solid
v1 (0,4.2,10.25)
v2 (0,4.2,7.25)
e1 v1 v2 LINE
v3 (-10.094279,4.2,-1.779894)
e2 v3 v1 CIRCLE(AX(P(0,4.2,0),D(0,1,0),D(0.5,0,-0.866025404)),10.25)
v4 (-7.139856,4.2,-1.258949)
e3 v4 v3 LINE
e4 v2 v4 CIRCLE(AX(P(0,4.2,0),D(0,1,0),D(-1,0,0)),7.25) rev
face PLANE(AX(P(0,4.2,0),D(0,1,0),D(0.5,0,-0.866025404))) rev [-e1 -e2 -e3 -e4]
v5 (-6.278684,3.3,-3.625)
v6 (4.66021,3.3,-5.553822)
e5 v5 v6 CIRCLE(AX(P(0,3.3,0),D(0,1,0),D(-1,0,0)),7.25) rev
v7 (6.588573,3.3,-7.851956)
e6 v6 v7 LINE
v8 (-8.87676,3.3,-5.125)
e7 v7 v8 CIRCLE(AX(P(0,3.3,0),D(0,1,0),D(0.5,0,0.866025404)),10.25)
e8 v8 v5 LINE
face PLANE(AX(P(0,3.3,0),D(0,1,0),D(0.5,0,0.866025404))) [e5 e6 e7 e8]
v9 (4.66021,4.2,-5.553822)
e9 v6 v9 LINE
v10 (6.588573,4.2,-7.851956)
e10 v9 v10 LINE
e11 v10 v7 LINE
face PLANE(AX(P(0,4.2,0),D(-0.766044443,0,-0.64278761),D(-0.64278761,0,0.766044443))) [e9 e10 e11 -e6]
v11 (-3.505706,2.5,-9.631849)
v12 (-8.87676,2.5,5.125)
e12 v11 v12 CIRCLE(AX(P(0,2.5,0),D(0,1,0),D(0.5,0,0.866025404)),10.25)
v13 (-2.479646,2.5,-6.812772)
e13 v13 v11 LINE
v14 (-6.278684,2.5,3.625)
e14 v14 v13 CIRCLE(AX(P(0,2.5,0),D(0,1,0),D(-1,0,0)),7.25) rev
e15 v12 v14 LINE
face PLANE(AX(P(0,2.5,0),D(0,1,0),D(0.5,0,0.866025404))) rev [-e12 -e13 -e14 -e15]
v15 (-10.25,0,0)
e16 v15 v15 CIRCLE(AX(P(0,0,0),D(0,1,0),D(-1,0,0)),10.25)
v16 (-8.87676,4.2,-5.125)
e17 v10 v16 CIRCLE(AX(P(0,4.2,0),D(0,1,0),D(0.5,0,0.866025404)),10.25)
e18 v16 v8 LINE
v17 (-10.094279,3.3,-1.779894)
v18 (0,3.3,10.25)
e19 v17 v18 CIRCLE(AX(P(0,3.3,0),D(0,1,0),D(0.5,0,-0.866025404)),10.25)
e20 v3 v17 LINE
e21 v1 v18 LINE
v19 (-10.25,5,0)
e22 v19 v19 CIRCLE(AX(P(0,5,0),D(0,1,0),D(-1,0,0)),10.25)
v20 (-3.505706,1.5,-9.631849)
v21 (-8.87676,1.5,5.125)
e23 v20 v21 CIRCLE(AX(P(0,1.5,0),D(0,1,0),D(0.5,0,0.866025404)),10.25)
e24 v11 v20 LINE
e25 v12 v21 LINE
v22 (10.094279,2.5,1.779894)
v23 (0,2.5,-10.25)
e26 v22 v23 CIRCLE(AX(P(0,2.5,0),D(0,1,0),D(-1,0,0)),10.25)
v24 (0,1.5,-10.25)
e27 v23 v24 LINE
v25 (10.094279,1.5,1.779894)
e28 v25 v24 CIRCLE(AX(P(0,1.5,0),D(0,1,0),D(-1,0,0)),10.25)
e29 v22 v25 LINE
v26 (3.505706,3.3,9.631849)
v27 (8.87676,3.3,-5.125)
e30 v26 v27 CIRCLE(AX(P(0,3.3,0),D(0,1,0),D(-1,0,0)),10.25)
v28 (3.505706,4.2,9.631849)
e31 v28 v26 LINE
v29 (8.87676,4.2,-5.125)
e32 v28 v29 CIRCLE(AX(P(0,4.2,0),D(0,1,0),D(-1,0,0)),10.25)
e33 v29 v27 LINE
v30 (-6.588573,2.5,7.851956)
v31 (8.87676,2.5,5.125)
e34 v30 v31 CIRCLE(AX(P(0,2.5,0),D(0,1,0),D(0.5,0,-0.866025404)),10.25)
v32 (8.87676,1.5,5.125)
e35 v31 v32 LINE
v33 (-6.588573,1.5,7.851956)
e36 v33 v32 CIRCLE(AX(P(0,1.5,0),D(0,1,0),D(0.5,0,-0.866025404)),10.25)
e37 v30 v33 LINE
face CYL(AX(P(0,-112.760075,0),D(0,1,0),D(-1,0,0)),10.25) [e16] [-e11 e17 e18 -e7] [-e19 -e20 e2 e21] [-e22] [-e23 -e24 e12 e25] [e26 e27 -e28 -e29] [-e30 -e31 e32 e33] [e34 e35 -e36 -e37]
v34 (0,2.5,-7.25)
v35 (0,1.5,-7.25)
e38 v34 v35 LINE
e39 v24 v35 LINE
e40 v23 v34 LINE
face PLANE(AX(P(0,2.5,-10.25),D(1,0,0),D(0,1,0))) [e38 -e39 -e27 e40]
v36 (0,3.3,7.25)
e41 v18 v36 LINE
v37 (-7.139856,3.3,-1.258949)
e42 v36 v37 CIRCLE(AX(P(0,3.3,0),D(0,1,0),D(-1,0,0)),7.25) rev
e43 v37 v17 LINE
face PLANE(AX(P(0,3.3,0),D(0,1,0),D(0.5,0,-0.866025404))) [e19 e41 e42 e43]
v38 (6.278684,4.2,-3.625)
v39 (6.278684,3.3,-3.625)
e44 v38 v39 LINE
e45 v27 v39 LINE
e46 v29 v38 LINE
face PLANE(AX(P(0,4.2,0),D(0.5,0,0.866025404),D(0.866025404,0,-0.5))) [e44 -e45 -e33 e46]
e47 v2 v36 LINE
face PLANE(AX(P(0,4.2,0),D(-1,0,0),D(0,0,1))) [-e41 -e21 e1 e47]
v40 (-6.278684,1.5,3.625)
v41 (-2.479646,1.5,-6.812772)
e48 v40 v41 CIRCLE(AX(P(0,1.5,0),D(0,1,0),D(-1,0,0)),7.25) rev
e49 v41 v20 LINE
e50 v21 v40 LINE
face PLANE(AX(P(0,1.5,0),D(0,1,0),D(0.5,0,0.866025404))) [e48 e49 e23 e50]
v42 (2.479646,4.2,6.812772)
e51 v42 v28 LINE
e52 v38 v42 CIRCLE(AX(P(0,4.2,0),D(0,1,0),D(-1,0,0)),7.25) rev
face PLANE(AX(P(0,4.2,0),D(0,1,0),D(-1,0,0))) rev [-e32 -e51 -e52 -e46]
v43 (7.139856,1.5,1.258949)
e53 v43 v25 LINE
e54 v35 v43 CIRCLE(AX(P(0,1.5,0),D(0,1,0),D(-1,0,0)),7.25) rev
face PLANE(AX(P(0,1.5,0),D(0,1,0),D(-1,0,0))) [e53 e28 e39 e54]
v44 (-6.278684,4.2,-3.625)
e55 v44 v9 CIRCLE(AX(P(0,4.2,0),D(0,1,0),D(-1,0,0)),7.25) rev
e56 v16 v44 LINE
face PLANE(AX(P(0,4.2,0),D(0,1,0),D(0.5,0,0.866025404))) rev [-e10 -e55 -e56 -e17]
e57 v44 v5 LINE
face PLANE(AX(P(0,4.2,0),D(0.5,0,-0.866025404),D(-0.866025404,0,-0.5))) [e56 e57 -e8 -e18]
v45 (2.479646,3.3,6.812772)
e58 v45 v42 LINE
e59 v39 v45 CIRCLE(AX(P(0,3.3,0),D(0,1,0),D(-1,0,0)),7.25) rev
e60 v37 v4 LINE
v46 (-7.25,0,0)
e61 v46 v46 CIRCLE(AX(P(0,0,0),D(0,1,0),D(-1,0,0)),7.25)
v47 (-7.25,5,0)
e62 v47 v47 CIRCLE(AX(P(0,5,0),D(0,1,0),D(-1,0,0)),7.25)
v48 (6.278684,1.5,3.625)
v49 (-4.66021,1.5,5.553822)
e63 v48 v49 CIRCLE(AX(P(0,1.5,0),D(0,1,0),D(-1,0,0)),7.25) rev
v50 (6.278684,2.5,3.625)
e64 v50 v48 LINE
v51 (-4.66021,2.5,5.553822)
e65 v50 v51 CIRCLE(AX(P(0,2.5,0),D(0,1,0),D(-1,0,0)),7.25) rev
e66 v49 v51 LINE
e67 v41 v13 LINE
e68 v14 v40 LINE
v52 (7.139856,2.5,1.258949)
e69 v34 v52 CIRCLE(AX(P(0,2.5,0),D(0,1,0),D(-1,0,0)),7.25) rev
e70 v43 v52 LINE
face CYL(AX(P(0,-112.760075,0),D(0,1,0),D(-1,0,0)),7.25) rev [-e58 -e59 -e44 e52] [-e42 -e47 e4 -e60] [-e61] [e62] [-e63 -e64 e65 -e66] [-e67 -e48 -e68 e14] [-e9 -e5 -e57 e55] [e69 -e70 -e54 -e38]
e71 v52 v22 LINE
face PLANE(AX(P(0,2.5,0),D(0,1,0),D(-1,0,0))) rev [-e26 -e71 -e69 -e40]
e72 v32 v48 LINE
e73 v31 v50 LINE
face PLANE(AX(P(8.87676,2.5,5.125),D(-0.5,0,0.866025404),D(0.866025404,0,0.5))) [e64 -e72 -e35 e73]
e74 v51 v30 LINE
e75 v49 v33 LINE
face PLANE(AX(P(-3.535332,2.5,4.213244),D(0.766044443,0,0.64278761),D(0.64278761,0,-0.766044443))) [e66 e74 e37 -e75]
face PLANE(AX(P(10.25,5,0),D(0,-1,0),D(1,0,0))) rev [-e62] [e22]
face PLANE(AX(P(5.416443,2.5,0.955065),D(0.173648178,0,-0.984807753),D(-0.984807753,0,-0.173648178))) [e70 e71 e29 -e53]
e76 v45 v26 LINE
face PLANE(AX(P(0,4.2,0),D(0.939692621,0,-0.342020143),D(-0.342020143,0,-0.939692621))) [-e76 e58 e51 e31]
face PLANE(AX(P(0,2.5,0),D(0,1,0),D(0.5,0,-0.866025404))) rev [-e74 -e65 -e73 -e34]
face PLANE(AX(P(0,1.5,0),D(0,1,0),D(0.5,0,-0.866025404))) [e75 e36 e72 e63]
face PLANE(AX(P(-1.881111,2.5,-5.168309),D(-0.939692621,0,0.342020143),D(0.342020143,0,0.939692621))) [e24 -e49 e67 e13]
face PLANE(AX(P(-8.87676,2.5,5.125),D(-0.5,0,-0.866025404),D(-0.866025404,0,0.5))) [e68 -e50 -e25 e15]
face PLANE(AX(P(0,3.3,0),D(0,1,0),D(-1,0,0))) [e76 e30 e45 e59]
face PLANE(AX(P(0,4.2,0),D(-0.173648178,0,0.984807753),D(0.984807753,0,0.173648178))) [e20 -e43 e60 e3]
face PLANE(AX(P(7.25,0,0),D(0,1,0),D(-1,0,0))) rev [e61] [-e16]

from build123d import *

# Parameters (mm, degrees)
ESBO_O9_W             = 3
ESBO_O9_H             = 5
CORTE_EXTRUS_O1_START = 1
CORTE_EXTRUS_O1_DEPTH = 1
PADR_OCIRCULAR2_COUNT = 3
CORTE_EXTRUS_O3_START = 0.9
CORTE_EXTRUS_O3_DEPTH = 0.9
PADR_OCIRCULAR4_COUNT = 3


with BuildPart() as part:
    # Esboço9 → Revolução1 (revolve)
    with BuildSketch(Plane.XY, mode=Mode.PRIVATE) as revolu_o1_sk:
        with Locations((8.75, 2.5)):
            Rectangle(ESBO_O9_W, ESBO_O9_H)
    revolve(revolu_o1_sk.sketch.rotate(Axis((0, -112.760074913, 0), (0, 1, 0)), 180), axis=Axis((0, -112.760074913, 0), (0, 1, 0)))

    # Esboço12 → Corte-extrusão1 (cut)
    with BuildSketch(Plane(origin=(0, 1.5, 0), x_dir=(1, 0, 0), z_dir=(0, 1, 0)).offset(CORTE_EXTRUS_O1_START)):
        with BuildLine():
            Line((0, 10.25), (0, 5.5))
            ThreePointArc((0, 5.5), (4.213244437, 3.535331853), (5.416442642, -0.955064977))
            Line((5.416442642, -0.955064977), (10.094279468, -1.779893821))
            ThreePointArc((10.094279468, -1.779893821), (7.851955542, 6.588572999), (0, 10.25))
        make_face()
    corte_extrus_o1 = extrude(amount=-CORTE_EXTRUS_O1_DEPTH, mode=Mode.SUBTRACT)

    # PadrãoCircular2: Corte-extrusão1 ×3 about axis
    padr_ocircular2_axis = Axis((0, 0, 0), (0, 1, 0))
    for i in range(1, PADR_OCIRCULAR2_COUNT):
        add(corte_extrus_o1.rotate(padr_ocircular2_axis, i * 360 / PADR_OCIRCULAR2_COUNT), mode=Mode.SUBTRACT)

    # Esboço13 → Corte-extrusão3 (cut)
    with BuildSketch(Plane(origin=(0, 3.3, 0), x_dir=(1, 0, 0), z_dir=(0, 1, 0)).offset(CORTE_EXTRUS_O3_START)):
        with BuildLine():
            Line((0, 0), (8.876760389, 5.125))
            ThreePointArc((8.876760389, 5.125), (9.631849363, -3.505706469), (3.505706469, -9.631849363))
            Line((3.505706469, -9.631849363), (0, 0))
        make_face()
    corte_extrus_o3 = extrude(amount=-CORTE_EXTRUS_O3_DEPTH, mode=Mode.SUBTRACT)

    # PadrãoCircular4: Corte-extrusão3 ×3 about axis
    padr_ocircular4_axis = Axis((0, 0, 0), (0, 1, 0))
    for i in range(1, PADR_OCIRCULAR4_COUNT):
        add(corte_extrus_o3.rotate(padr_ocircular4_axis, i * 360 / PADR_OCIRCULAR4_COUNT), mode=Mode.SUBTRACT)


solid = part.part
